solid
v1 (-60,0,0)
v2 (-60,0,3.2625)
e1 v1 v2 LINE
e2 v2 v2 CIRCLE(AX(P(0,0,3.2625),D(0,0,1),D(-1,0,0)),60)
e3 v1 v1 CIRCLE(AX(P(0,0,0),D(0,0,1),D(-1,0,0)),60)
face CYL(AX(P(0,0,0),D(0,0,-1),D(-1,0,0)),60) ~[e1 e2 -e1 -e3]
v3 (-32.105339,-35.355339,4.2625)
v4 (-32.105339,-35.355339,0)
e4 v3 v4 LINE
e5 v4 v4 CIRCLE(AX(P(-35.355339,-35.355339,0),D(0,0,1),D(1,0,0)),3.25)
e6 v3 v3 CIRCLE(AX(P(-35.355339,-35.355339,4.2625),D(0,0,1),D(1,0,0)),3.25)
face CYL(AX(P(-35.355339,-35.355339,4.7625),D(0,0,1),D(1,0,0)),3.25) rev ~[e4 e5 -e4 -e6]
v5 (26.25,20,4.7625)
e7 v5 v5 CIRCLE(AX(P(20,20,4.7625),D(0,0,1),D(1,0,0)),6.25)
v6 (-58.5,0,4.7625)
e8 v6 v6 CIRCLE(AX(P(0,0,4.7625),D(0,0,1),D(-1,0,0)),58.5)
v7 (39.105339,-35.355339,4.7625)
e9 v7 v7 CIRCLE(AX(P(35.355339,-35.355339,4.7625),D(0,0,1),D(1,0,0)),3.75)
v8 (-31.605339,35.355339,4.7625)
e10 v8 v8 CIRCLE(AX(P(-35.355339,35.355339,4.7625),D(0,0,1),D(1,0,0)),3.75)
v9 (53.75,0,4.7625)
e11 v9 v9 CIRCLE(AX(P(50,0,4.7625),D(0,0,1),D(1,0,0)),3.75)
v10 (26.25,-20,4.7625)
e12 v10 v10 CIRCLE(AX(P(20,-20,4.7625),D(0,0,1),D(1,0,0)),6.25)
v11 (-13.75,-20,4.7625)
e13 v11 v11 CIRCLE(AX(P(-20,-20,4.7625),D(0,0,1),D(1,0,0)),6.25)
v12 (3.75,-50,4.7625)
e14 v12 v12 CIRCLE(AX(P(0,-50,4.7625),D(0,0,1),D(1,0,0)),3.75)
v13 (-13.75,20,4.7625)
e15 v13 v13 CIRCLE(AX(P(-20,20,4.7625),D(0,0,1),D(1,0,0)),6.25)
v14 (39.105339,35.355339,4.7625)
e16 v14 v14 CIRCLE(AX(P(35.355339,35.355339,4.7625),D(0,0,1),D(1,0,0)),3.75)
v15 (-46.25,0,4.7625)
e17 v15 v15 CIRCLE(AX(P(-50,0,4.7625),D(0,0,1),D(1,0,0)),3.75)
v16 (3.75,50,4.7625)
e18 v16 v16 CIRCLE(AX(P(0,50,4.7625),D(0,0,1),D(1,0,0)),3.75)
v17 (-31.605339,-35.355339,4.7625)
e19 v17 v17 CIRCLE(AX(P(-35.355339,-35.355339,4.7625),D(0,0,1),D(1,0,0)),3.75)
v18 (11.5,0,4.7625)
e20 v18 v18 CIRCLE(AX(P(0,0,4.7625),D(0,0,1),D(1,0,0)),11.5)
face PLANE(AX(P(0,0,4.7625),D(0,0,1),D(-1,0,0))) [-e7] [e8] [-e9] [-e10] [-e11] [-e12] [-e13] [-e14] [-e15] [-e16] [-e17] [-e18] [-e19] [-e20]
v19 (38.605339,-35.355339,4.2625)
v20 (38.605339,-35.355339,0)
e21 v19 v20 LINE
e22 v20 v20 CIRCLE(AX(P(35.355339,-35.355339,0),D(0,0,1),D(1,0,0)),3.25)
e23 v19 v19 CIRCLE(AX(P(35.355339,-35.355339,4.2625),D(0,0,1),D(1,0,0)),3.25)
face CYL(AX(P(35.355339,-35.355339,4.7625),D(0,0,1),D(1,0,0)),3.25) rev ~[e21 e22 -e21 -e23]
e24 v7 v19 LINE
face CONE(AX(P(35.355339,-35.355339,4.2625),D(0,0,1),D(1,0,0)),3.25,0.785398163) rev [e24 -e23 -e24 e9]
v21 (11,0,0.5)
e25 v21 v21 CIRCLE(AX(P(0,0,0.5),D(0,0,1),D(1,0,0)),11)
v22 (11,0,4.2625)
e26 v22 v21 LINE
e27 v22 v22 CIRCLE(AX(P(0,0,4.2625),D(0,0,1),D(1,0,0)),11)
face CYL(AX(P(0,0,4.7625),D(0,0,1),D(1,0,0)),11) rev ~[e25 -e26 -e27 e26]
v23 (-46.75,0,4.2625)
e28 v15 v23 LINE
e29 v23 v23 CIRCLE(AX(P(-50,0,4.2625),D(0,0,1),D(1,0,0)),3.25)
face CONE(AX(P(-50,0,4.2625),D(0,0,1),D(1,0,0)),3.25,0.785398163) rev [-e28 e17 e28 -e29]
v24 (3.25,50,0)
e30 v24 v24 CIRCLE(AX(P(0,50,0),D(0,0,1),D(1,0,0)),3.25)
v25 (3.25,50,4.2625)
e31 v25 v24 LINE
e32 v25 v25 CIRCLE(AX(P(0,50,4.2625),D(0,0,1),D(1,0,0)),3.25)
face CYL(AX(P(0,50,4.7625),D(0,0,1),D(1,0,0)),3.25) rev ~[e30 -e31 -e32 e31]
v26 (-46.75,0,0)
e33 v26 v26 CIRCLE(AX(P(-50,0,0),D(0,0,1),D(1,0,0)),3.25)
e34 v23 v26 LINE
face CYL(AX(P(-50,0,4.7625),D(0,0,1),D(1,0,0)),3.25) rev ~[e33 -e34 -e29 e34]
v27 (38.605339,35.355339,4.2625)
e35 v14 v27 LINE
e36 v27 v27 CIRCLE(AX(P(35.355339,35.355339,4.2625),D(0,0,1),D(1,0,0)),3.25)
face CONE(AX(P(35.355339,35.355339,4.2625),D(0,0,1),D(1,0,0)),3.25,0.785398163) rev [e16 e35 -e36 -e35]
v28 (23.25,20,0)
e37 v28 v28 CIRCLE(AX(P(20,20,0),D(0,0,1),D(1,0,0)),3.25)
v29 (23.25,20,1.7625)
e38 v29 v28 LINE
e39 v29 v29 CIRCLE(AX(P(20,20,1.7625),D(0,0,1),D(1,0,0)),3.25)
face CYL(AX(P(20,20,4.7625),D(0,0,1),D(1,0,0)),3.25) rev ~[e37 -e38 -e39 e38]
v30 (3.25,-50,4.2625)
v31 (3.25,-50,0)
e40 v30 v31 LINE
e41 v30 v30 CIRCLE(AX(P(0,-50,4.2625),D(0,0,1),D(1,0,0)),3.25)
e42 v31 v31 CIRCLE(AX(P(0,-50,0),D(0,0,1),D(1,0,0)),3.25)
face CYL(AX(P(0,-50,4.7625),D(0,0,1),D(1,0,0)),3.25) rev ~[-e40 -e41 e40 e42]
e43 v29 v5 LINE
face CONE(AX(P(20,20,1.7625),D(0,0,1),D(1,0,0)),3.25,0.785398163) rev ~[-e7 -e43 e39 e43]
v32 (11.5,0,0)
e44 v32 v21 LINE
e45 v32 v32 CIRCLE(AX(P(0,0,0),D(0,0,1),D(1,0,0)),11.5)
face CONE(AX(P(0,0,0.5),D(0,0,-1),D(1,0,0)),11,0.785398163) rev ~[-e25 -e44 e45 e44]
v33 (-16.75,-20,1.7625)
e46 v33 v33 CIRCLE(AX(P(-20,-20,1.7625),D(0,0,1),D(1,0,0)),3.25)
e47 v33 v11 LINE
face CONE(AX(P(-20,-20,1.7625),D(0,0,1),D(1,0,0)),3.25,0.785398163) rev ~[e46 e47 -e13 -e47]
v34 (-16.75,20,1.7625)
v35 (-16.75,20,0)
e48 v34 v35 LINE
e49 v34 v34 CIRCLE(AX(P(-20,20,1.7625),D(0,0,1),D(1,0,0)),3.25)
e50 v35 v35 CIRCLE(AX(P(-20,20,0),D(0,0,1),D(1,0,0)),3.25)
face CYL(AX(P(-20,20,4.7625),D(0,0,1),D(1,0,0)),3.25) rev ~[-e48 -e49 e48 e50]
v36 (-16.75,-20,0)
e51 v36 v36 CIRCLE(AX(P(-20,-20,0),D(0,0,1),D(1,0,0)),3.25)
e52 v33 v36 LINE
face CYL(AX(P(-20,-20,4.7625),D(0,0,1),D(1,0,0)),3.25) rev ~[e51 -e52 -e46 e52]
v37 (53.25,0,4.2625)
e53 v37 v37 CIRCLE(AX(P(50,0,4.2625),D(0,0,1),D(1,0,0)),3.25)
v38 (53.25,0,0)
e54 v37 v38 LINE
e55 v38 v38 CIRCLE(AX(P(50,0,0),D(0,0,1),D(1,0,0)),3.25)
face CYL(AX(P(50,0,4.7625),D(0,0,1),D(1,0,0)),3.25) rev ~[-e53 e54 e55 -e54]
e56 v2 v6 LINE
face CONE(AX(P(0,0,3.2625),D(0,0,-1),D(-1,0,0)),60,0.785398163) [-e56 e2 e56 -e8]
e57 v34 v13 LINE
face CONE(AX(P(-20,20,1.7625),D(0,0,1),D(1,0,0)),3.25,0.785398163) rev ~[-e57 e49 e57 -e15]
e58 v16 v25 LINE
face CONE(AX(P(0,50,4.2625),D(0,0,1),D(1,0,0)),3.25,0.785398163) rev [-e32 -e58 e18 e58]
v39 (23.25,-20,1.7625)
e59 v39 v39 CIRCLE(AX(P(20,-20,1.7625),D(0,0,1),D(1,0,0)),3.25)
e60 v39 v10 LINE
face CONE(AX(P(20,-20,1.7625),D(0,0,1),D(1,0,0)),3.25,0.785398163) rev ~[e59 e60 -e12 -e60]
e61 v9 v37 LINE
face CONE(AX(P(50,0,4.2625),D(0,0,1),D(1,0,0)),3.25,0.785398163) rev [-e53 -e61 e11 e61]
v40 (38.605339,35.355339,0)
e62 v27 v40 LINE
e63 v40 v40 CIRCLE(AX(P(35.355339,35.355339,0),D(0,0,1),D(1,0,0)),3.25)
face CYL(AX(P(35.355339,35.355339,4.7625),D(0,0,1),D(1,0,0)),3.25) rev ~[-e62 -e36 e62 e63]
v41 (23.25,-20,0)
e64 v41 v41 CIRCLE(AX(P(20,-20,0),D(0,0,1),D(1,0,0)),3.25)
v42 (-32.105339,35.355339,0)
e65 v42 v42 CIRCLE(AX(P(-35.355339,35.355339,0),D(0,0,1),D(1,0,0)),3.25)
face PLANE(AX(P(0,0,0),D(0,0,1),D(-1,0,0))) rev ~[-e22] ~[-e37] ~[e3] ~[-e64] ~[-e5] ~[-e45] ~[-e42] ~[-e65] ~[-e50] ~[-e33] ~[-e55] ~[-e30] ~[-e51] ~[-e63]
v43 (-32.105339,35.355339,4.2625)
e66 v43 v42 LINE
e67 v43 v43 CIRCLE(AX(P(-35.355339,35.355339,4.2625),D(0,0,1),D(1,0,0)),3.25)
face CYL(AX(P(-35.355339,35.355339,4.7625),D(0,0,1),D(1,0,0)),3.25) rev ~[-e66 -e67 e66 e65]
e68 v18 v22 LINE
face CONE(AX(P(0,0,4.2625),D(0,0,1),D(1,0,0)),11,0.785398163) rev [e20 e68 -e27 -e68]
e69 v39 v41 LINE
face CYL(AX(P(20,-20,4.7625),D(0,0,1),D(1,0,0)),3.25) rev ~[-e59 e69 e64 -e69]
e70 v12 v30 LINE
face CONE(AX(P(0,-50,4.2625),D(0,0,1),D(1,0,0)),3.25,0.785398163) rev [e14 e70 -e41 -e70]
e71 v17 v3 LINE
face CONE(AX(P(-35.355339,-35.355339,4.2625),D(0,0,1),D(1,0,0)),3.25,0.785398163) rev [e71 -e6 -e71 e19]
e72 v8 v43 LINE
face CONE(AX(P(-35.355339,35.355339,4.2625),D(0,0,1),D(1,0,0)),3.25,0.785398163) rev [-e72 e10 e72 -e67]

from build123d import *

# Parameters (mm, degrees)
CROQUIS1_R              = 60
SALIENTE_EXTRUIR1_DEPTH = 4.7625
CROQUIS2_R              = 3.25
CORTAR_EXTRUIR1_DEPTH   = 85.986360119
CHAFL_N1_SIZE           = 1.5
CROQUIS3_R              = 11
CORTAR_EXTRUIR2_DEPTH   = 85.986360119
CROQUIS4_R              = 3.25
CORTAR_EXTRUIR3_DEPTH   = 85.986360119
CHAFL_N2_SIZE           = 0.5
CHAFL_N3_SIZE           = 3


with BuildPart() as part:
    # Croquis1 → Saliente-Extruir1 (new body)
    with BuildSketch(Plane.XY):
        with Locations(Location((0, 0, 0), (0, 0, 180))):
            Circle(CROQUIS1_R)
    extrude(amount=SALIENTE_EXTRUIR1_DEPTH)

    # Croquis2 → Cortar-Extruir1 (cut, through all)
    with BuildSketch(Plane.XY.offset(4.7625)):
        with Locations((50, 0)):
            Circle(CROQUIS2_R)
        with Locations((35.355339059, -35.355339059)):
            Circle(CROQUIS2_R)
        with Locations((0, -50)):
            Circle(CROQUIS2_R)
        with Locations((-35.355339059, -35.355339059)):
            Circle(CROQUIS2_R)
        with Locations((-50, 0)):
            Circle(CROQUIS2_R)
        with Locations((-35.355339059, 35.355339059)):
            Circle(CROQUIS2_R)
        with Locations((0, 50)):
            Circle(CROQUIS2_R)
        with Locations((35.355339059, 35.355339059)):
            Circle(CROQUIS2_R)
    extrude(amount=-CORTAR_EXTRUIR1_DEPTH, mode=Mode.SUBTRACT)

    # Chaflán1
    chafl_n1_edges = [part.edges().sort_by_distance(p)[0] for p in [
        (60, 0, 4.7625),
    ]]
    chamfer(chafl_n1_edges, length=CHAFL_N1_SIZE)

    # Croquis3 → Cortar-Extruir2 (cut, through all)
    with BuildSketch(Plane.XY.offset(4.7625)):
        Circle(CROQUIS3_R)
    extrude(amount=-CORTAR_EXTRUIR2_DEPTH, mode=Mode.SUBTRACT)

    # Croquis4 → Cortar-Extruir3 (cut, through all)
    with BuildSketch(Plane.XY.offset(4.7625)):
        with Locations((20, 20)):
            Circle(CROQUIS4_R)
        with Locations((-20, 20)):
            Circle(CROQUIS4_R)
        with Locations((-20, -20)):
            Circle(CROQUIS4_R)
        with Locations((20, -20)):
            Circle(CROQUIS4_R)
    extrude(amount=-CORTAR_EXTRUIR3_DEPTH, mode=Mode.SUBTRACT)

    # Chaflán2
    chafl_n2_edges = [part.edges().sort_by_distance(p)[0] for p in [
        (32.105339059, -35.355339059, 4.7625),
        (-3.25, -50, 4.7625),
        (-38.605339059, -35.355339059, 4.7625),
        (-53.25, 0, 4.7625),
        (-38.605339059, 35.355339059, 4.7625),
        (-3.25, 50, 4.7625),
        (32.105339059, 35.355339059, 4.7625),
        (-11, 0, 0),
        (-11, 0, 4.7625),
        (46.75, 0, 4.7625),
    ]]
    chamfer(chafl_n2_edges, length=CHAFL_N2_SIZE)

    # Chaflán3
    chafl_n3_edges = [part.edges().sort_by_distance(p)[0] for p in [
        (16.75, 20, 4.7625),
        (-23.25, 20, 4.7625),
        (-23.25, -20, 4.7625),
        (16.75, -20, 4.7625),
    ]]
    chamfer(chafl_n3_edges, length=CHAFL_N3_SIZE)


solid = part.part
